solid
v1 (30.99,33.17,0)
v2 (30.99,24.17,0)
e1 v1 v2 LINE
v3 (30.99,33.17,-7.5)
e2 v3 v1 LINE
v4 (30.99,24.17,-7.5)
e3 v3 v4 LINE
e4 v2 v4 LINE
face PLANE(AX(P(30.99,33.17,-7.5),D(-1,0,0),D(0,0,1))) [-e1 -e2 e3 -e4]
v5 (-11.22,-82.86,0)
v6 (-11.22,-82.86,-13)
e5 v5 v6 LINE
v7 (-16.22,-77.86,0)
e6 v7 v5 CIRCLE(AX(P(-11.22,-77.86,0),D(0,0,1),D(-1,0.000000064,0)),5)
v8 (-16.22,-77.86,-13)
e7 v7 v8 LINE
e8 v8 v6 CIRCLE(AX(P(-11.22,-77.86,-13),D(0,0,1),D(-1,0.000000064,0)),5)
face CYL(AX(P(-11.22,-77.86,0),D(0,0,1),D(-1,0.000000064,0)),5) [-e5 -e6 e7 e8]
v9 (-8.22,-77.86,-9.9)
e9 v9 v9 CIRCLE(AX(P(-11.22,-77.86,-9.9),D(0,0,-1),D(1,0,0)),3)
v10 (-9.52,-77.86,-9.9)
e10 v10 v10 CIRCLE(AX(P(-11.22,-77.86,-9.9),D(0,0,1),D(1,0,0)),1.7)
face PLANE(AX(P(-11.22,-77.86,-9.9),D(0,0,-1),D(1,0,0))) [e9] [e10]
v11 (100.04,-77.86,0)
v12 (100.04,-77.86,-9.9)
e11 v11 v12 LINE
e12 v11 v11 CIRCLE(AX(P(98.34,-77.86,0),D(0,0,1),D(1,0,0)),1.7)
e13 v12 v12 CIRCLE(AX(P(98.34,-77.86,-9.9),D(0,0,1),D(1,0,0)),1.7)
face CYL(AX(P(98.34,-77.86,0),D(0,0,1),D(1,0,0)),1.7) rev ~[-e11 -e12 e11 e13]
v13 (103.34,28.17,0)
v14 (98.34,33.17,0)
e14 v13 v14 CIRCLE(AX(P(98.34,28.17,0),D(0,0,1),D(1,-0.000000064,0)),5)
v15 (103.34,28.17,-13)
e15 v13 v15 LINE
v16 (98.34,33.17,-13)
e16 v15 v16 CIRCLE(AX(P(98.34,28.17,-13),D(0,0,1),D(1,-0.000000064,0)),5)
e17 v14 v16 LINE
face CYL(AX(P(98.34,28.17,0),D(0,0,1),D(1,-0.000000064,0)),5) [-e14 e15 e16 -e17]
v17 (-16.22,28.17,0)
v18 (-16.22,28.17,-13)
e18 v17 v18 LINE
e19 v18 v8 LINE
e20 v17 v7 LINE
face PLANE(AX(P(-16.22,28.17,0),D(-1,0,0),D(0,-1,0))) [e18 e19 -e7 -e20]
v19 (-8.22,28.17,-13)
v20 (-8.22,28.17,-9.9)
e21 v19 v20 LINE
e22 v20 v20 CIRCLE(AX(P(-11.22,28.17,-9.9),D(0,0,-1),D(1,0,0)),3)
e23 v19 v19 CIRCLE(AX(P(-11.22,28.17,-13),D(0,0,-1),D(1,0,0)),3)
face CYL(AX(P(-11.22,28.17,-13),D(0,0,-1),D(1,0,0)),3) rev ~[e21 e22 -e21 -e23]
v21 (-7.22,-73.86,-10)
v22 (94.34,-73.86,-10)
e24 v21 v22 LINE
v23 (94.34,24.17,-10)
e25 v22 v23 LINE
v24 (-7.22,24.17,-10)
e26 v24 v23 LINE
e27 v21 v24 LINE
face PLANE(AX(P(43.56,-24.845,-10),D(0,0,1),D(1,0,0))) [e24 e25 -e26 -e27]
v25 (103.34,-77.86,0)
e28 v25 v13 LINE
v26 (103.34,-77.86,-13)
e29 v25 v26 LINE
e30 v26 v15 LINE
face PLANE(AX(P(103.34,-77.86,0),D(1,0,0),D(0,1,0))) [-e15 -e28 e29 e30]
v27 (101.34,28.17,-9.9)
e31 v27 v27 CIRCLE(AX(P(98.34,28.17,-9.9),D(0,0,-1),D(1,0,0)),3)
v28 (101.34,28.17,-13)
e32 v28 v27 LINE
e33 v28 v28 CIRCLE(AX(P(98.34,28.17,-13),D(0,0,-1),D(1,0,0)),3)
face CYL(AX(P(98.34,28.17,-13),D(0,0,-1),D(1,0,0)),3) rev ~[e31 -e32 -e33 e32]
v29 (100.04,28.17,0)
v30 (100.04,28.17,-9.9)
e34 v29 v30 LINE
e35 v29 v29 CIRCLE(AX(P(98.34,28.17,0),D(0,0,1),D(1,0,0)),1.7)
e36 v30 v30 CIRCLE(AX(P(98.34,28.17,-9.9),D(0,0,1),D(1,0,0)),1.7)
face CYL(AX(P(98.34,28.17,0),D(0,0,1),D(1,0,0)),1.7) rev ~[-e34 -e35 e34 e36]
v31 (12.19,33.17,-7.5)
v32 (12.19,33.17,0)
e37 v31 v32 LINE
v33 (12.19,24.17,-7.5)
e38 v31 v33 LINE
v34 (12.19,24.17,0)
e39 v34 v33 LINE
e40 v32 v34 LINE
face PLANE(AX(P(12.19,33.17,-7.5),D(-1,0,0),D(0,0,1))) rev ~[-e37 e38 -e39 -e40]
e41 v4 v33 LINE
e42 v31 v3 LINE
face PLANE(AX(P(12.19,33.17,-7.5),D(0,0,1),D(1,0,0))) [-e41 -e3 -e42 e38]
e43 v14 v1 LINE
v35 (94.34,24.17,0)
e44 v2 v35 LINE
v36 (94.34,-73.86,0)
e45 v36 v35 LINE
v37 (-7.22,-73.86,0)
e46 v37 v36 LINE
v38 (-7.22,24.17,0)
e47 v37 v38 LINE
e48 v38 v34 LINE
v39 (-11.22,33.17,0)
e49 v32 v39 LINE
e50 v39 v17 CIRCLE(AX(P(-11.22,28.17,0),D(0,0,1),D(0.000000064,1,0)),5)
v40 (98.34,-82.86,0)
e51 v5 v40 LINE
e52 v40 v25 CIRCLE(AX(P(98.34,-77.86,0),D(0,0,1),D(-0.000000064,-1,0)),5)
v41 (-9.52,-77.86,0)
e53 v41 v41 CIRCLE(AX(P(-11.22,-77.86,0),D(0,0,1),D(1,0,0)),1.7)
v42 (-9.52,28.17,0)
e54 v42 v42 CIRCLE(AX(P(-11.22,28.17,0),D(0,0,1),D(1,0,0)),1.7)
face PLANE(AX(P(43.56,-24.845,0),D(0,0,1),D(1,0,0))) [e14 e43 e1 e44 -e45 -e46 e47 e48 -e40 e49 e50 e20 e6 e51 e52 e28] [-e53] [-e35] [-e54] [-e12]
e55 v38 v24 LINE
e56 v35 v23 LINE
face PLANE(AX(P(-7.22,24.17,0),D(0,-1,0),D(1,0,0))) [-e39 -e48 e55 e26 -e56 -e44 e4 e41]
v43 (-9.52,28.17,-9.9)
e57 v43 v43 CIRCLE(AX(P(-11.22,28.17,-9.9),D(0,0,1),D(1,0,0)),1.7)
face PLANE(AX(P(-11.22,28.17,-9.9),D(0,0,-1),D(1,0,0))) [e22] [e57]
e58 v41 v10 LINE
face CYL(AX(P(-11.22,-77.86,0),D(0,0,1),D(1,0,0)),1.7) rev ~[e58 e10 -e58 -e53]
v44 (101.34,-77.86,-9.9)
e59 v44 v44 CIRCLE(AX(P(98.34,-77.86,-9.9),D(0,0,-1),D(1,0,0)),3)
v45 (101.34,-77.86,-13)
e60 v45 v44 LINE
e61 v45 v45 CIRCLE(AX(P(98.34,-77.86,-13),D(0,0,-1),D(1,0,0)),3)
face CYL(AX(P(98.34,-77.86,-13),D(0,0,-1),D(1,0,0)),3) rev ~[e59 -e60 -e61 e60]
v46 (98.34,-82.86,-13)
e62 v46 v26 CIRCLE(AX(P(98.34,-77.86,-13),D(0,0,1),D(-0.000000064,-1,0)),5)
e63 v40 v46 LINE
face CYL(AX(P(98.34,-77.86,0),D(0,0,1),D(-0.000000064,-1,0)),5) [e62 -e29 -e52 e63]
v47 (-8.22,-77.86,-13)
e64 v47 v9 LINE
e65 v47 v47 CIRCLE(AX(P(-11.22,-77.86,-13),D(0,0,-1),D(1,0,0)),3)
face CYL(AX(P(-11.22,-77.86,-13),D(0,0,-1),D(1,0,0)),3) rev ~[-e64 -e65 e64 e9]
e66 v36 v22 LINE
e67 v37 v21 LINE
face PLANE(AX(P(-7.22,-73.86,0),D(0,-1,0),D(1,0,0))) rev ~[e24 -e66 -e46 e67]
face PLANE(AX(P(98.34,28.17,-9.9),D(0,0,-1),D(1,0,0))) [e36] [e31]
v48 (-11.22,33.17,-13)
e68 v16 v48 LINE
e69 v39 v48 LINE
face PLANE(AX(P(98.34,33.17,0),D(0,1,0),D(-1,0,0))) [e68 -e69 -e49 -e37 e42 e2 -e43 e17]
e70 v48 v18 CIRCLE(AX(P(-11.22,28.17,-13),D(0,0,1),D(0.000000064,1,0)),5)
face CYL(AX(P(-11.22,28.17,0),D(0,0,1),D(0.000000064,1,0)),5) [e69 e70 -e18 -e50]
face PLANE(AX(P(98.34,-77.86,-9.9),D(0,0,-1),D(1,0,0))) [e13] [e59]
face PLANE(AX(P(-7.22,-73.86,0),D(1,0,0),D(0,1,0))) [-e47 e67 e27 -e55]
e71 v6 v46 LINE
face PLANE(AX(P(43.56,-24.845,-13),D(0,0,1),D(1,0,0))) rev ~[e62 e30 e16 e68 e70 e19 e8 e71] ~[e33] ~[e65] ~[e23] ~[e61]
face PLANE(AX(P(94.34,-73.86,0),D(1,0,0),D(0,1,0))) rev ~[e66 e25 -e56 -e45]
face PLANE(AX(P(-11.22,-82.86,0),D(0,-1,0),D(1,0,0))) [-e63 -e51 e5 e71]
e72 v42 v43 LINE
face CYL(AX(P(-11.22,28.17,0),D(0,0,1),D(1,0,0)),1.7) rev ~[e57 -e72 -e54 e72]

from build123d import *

# Parameters (mm, degrees)
SKETCH_R        = 1.7
PAD_DEPTH       = 13
SKETCH001_W     = 101.56
SKETCH001_H     = 98.03
POCKET_DEPTH    = 10
SKETCH002_R     = 3
POCKET001_DEPTH = 3.1
SKETCH003_W     = 18.8
SKETCH003_H     = 7.5
POCKET002_DEPTH = 11


with BuildPart() as part:
    # Sketch → Pad (new body)
    with BuildSketch(Plane.XY):
        with BuildLine():
            Line((0, -5), (0, -111.03))
            ThreePointArc((0, -111.03), (1.464466, -114.565534), (5, -116.03))
            Line((5, -116.03), (114.56, -116.03))
            ThreePointArc((114.56, -116.03), (118.095534, -114.565534), (119.56, -111.03))
            Line((119.56, -111.03), (119.56, -5))
            ThreePointArc((119.56, -5), (118.095534, -1.464466), (114.56, 0))
            Line((114.56, 0), (5, 0))
            ThreePointArc((5, 0), (1.464466, -1.464466), (0, -5))
        make_face()
        with Locations((5, -5)):
            Circle(SKETCH_R, mode=Mode.SUBTRACT)
        with Locations((114.56, -5)):
            Circle(SKETCH_R, mode=Mode.SUBTRACT)
        with Locations((114.56, -111.03)):
            Circle(SKETCH_R, mode=Mode.SUBTRACT)
        with Locations((5, -111.03)):
            Circle(SKETCH_R, mode=Mode.SUBTRACT)
    extrude(amount=-PAD_DEPTH)

    # Sketch001 → Pocket (cut)
    with BuildSketch(Plane.XY):
        with Locations((59.78, -58.015)):
            Rectangle(SKETCH001_W, SKETCH001_H)
    extrude(amount=-POCKET_DEPTH, mode=Mode.SUBTRACT)

    # Sketch002 (on Face5 of Pocket) → Pocket001 (cut)
    with BuildSketch(Plane(origin=(0, 0, -13), x_dir=(1, 0, 0), z_dir=(0, 0, -1))):
        with Locations((5, 111.03)):
            Circle(SKETCH002_R)
        with Locations((114.56, 111.03)):
            Circle(SKETCH002_R)
        with Locations((5, 5)):
            Circle(SKETCH002_R)
        with Locations((114.56, 5)):
            Circle(SKETCH002_R)
    extrude(amount=-POCKET001_DEPTH, mode=Mode.SUBTRACT)

    # Sketch003 → Pocket002 (cut)
    with BuildSketch(Plane.XZ):
        with Locations((37.81, -3.75)):
            Rectangle(SKETCH003_W, SKETCH003_H)
    extrude(amount=POCKET002_DEPTH, mode=Mode.SUBTRACT)


with BuildPart() as part_1:
    # Body001 placement: moved
    add(part.part.moved(Location((-16.22, 33.17, 0))))


solid = part_1.part
